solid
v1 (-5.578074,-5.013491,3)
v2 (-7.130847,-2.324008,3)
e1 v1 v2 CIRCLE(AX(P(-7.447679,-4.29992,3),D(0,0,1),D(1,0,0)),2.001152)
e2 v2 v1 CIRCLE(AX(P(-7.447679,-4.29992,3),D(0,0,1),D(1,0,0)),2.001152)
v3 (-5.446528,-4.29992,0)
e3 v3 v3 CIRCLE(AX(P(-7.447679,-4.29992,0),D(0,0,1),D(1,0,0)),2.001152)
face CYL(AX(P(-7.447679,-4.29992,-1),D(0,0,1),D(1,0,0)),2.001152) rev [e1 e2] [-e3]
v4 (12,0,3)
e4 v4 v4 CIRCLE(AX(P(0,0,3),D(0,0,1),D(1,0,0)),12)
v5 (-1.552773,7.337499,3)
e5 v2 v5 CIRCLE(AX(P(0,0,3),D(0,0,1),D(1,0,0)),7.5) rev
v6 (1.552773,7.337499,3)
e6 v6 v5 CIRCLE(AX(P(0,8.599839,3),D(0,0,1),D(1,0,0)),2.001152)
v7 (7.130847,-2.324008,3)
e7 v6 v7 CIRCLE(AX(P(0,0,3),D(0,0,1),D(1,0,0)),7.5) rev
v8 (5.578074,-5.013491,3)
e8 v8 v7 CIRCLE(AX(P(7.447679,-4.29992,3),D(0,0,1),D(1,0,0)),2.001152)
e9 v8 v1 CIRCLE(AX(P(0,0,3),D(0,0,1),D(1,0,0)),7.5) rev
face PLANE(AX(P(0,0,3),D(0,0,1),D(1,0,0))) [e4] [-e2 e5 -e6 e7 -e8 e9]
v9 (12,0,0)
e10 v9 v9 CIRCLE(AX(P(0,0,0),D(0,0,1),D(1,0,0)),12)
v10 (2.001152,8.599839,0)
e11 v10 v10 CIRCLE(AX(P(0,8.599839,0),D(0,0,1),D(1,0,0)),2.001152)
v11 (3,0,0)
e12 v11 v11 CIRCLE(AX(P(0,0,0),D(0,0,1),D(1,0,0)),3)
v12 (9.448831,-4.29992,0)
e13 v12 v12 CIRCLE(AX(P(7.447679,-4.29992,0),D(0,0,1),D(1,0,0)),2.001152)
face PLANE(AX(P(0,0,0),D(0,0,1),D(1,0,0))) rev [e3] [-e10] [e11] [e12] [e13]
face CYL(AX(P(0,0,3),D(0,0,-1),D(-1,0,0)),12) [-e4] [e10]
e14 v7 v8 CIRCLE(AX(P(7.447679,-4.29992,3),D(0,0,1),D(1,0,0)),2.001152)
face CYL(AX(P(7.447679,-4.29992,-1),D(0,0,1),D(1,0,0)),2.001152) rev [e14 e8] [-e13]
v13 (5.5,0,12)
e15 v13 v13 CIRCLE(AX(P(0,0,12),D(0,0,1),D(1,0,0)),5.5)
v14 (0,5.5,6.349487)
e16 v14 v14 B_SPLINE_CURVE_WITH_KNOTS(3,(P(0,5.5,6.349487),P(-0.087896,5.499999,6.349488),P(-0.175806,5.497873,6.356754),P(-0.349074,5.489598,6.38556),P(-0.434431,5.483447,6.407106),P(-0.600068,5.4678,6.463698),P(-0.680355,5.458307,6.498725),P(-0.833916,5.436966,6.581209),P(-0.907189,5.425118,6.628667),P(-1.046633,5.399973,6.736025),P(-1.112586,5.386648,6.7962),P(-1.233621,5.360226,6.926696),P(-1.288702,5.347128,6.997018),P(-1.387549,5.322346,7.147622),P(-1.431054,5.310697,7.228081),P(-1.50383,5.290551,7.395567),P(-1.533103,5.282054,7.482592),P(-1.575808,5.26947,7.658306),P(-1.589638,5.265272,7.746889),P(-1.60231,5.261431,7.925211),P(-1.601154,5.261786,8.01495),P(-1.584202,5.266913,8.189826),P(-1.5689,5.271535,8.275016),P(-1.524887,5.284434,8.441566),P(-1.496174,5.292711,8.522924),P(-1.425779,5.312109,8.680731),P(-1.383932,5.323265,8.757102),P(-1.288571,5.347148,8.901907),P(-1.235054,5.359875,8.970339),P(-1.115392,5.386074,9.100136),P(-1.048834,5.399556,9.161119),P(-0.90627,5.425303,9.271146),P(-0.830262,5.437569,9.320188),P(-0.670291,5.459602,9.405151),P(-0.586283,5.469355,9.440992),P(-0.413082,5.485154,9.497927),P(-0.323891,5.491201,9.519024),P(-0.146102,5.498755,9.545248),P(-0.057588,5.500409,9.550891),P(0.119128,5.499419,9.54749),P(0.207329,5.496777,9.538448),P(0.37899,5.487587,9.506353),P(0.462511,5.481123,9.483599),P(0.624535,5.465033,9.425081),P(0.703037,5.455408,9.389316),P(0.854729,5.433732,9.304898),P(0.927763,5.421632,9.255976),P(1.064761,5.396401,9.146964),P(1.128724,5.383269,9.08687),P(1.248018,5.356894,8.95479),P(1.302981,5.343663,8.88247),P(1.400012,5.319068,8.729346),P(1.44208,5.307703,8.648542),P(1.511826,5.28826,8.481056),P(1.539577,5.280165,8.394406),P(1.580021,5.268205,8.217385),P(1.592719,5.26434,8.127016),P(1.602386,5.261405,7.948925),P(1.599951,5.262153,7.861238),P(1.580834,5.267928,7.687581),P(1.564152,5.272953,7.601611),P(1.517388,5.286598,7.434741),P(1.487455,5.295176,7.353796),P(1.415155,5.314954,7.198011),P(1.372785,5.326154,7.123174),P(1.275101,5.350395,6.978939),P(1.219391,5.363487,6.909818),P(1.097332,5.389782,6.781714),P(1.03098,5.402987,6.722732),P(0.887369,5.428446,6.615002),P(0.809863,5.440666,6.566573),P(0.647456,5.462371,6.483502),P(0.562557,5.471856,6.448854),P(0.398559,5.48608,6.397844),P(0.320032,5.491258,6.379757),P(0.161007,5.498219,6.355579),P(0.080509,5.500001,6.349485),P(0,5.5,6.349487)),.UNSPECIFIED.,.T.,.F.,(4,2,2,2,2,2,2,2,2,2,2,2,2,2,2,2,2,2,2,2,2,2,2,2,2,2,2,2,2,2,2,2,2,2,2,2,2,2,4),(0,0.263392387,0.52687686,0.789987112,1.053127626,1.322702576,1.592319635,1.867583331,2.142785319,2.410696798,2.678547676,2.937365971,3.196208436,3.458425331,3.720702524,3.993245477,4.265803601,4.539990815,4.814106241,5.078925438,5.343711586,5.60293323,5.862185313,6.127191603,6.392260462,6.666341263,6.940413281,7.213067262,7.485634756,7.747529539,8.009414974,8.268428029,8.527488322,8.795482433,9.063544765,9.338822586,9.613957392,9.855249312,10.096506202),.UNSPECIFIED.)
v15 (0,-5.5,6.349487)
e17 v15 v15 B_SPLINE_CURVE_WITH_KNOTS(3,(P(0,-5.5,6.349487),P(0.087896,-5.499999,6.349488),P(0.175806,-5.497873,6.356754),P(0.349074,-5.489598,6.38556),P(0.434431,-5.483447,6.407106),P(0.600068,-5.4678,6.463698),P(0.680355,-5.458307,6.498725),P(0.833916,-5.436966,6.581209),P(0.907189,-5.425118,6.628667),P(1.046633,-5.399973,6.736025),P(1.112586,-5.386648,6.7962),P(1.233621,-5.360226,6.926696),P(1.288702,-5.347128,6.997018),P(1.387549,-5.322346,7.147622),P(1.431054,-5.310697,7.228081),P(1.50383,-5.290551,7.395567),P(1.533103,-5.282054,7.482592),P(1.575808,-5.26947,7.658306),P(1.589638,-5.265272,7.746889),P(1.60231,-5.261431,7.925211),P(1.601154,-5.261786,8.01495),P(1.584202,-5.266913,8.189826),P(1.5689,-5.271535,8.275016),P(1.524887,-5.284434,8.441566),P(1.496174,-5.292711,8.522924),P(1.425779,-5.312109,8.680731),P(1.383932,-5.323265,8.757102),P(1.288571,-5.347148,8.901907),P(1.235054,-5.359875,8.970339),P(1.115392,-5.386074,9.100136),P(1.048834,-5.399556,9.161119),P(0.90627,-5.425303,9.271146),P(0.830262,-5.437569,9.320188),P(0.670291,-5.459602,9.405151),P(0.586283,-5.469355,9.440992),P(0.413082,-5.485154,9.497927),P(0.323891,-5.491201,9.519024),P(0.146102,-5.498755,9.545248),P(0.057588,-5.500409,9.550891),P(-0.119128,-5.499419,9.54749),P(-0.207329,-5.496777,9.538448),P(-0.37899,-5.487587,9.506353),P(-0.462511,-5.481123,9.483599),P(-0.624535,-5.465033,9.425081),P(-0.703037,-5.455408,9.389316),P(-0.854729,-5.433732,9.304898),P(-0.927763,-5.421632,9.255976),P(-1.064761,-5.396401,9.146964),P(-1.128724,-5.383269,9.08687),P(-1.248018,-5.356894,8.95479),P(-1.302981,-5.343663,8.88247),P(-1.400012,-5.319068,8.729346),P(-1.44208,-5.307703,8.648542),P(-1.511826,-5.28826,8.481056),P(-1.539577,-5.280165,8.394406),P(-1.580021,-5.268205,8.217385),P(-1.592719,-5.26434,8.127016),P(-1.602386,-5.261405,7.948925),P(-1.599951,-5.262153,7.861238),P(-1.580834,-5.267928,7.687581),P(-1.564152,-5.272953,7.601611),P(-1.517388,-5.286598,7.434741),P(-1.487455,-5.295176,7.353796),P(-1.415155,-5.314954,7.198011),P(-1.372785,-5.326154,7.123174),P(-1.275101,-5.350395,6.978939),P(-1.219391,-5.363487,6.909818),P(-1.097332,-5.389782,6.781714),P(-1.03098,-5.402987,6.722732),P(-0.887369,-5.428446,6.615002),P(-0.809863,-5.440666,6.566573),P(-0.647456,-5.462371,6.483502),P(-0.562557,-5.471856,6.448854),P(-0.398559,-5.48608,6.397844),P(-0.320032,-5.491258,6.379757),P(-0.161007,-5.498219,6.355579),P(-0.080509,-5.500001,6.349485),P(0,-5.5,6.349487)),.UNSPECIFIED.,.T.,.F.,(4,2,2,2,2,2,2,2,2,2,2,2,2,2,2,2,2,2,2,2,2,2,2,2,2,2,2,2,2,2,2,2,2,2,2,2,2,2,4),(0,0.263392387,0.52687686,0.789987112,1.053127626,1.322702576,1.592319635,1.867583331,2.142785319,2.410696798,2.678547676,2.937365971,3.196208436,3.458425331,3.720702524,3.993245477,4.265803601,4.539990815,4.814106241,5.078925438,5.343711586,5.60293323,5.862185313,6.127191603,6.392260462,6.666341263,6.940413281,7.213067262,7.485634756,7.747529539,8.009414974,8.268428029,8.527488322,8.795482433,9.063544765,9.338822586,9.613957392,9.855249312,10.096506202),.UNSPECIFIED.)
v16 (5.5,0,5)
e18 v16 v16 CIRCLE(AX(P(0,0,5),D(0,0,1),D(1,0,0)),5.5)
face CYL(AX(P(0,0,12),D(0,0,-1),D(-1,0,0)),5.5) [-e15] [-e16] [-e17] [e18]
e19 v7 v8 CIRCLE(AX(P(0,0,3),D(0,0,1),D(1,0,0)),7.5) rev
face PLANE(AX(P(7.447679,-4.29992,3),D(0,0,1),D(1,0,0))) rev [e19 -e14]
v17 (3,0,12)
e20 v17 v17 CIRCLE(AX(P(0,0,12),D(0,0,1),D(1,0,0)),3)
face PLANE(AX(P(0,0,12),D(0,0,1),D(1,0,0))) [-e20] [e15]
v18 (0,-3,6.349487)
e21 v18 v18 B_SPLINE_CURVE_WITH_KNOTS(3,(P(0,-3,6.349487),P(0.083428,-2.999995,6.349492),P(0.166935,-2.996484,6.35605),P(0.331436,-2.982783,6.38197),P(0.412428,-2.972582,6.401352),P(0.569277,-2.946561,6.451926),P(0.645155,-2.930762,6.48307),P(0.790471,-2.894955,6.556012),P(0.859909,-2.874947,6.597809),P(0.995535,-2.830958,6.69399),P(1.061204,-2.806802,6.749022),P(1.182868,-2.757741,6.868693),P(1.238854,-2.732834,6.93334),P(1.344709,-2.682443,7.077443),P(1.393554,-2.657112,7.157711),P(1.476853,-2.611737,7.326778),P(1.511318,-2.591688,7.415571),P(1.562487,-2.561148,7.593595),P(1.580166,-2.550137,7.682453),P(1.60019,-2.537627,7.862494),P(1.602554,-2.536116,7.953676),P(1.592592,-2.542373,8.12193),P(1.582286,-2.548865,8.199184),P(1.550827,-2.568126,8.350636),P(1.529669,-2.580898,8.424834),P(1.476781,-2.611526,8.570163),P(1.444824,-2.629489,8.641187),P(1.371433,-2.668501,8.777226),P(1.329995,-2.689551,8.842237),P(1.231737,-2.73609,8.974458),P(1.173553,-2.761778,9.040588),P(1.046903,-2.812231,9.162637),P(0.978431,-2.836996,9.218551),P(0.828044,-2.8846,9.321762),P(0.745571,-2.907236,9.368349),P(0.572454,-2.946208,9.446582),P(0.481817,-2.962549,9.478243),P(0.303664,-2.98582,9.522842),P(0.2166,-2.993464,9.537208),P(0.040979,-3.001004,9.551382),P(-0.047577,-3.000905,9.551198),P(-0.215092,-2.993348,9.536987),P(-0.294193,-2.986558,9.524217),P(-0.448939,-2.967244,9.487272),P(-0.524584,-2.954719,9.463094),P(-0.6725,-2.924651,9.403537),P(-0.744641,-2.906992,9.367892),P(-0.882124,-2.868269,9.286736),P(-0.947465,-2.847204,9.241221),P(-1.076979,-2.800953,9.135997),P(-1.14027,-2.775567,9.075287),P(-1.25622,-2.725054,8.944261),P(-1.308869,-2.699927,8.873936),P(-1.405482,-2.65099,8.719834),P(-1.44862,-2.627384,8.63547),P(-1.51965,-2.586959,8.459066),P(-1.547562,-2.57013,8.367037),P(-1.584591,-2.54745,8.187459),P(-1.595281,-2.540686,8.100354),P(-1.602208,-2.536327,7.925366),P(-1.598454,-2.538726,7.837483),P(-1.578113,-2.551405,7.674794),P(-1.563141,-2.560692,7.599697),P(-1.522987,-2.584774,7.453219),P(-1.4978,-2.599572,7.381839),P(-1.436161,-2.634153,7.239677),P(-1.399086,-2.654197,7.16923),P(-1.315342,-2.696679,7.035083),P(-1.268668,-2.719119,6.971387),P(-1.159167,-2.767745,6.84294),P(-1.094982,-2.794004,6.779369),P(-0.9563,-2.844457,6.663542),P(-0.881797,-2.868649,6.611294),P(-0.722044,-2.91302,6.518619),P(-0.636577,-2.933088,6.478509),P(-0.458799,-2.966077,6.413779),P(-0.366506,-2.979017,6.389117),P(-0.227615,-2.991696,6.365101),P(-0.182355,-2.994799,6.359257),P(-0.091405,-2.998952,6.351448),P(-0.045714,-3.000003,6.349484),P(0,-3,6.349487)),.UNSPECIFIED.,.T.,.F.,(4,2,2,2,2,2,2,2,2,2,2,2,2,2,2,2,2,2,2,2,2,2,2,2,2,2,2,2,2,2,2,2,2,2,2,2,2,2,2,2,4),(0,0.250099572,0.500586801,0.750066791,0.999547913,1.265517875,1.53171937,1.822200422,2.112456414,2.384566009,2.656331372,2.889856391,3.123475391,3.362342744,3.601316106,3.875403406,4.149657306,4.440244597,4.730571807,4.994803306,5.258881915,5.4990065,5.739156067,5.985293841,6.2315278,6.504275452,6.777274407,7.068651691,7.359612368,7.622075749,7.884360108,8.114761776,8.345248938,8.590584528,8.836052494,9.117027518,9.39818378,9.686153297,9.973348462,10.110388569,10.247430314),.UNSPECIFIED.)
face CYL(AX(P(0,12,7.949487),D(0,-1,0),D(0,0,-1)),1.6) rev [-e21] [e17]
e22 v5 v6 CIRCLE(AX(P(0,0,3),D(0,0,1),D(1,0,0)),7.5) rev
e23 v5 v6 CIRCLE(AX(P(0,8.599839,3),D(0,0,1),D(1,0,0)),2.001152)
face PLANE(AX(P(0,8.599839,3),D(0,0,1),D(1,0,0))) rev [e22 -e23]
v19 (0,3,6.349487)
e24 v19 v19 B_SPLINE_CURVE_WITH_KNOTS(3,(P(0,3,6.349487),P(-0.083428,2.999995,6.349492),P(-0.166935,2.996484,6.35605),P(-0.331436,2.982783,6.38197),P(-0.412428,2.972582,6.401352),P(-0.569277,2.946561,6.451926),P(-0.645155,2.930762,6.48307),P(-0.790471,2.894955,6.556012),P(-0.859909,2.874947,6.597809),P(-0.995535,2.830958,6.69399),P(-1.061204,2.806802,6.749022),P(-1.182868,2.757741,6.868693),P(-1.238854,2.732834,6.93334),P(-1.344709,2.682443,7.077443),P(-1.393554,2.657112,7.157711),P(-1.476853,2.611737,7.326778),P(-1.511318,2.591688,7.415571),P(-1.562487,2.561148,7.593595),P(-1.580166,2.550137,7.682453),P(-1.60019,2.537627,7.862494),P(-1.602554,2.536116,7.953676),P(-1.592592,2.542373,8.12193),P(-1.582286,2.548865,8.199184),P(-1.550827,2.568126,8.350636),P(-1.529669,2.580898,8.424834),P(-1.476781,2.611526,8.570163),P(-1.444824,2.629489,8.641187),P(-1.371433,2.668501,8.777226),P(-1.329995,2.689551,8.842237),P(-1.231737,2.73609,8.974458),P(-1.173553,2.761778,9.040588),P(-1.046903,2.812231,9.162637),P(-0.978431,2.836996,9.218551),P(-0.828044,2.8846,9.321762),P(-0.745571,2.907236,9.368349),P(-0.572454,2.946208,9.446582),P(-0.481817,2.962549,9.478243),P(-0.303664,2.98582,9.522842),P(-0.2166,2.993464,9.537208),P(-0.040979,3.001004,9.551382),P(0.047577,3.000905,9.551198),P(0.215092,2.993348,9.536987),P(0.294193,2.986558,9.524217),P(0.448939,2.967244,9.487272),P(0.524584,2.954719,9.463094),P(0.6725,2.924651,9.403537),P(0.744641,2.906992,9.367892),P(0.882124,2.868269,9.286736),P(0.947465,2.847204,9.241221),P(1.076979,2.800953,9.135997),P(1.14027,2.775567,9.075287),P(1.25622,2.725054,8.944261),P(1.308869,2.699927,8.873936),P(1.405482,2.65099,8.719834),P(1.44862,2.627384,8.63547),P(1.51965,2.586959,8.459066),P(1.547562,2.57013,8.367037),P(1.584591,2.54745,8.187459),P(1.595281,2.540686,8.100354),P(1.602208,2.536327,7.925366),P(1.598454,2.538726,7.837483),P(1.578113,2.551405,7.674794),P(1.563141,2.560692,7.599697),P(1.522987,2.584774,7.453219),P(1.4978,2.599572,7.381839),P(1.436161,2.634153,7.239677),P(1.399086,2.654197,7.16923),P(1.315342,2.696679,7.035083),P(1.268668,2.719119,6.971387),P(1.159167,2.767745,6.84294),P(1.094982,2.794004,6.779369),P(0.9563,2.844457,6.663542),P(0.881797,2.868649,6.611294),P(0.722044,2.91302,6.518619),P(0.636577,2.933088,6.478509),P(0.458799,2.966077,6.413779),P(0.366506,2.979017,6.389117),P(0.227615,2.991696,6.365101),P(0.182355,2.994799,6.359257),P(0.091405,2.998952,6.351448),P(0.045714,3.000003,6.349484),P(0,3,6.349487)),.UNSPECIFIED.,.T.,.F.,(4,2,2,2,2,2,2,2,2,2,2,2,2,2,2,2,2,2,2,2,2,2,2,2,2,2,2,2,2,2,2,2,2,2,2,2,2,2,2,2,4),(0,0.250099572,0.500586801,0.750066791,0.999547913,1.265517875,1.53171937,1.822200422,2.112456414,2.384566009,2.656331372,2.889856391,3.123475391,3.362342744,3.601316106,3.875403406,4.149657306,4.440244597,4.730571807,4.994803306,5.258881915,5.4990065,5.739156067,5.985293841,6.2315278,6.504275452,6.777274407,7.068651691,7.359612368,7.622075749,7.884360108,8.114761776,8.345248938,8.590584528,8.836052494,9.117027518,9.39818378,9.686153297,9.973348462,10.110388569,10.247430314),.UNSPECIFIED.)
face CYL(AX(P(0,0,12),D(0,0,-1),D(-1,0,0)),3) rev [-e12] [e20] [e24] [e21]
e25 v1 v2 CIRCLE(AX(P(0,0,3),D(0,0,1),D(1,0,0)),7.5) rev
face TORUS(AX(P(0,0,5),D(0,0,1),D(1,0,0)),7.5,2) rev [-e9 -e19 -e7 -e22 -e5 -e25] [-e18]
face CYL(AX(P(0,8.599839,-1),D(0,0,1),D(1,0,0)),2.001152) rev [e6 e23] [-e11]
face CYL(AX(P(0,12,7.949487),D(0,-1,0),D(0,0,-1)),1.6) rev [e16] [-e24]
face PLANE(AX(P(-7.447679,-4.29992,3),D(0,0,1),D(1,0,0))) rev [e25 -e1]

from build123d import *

# Parameters (mm, degrees)
SKETCH1_R           = 12
SKETCH1_R_2         = 5.5
BOSS_EXTRUDE1_DEPTH = 3
SKETCH1_5_R         = 5.5
SKETCH1_5_R_2       = 3
BOSS_EXTRUDE3_DEPTH = 12
FILLET2_R           = 2
CUT_EXTRUDE1_START  = -5.5
SKETCH2_R           = 1.6
CUT_EXTRUDE1_DEPTH  = 11
SKETCH3_R           = 2.001151749
CUT_EXTRUDE2_DEPTH  = 4


with BuildPart() as part:
    # Sketch1 → Boss-Extrude1 (new body)
    with BuildSketch(Plane.XY):
        Circle(SKETCH1_R)
        Circle(SKETCH1_R_2, mode=Mode.SUBTRACT)
    extrude(amount=BOSS_EXTRUDE1_DEPTH)

    # Sketch1<5> → Boss-Extrude3 (add)
    with BuildSketch(Plane.XY):
        Circle(SKETCH1_5_R)
        Circle(SKETCH1_5_R_2, mode=Mode.SUBTRACT)
    extrude(amount=BOSS_EXTRUDE3_DEPTH)

    # Fillet2
    fillet2_edges = [part.edges().sort_by_distance(p)[0] for p in [
        (-5.5, 0, 3),
    ]]
    fillet(fillet2_edges, radius=FILLET2_R)

    # Sketch2 → Cut-Extrude1 (cut)
    with BuildSketch(Plane(origin=(0, 0, 0), x_dir=(1, 0, 0), z_dir=(0, 1, 0)).offset(CUT_EXTRUDE1_START)):
        with Locations(Location((0, -7.949486667, 0), (0, 0, 90))):
            Circle(SKETCH2_R)
    extrude(amount=CUT_EXTRUDE1_DEPTH, mode=Mode.SUBTRACT)

    # Sketch3 → Cut-Extrude2 (cut)
    with BuildSketch(Plane.XY.offset(3)):
        with Locations((0, 8.599839423)):
            Circle(SKETCH3_R)
        with Locations((7.447679409, -4.299919712)):
            Circle(SKETCH3_R)
        with Locations((-7.447679409, -4.299919712)):
            Circle(SKETCH3_R)
    extrude(amount=-CUT_EXTRUDE2_DEPTH, mode=Mode.SUBTRACT)


solid = part.part
